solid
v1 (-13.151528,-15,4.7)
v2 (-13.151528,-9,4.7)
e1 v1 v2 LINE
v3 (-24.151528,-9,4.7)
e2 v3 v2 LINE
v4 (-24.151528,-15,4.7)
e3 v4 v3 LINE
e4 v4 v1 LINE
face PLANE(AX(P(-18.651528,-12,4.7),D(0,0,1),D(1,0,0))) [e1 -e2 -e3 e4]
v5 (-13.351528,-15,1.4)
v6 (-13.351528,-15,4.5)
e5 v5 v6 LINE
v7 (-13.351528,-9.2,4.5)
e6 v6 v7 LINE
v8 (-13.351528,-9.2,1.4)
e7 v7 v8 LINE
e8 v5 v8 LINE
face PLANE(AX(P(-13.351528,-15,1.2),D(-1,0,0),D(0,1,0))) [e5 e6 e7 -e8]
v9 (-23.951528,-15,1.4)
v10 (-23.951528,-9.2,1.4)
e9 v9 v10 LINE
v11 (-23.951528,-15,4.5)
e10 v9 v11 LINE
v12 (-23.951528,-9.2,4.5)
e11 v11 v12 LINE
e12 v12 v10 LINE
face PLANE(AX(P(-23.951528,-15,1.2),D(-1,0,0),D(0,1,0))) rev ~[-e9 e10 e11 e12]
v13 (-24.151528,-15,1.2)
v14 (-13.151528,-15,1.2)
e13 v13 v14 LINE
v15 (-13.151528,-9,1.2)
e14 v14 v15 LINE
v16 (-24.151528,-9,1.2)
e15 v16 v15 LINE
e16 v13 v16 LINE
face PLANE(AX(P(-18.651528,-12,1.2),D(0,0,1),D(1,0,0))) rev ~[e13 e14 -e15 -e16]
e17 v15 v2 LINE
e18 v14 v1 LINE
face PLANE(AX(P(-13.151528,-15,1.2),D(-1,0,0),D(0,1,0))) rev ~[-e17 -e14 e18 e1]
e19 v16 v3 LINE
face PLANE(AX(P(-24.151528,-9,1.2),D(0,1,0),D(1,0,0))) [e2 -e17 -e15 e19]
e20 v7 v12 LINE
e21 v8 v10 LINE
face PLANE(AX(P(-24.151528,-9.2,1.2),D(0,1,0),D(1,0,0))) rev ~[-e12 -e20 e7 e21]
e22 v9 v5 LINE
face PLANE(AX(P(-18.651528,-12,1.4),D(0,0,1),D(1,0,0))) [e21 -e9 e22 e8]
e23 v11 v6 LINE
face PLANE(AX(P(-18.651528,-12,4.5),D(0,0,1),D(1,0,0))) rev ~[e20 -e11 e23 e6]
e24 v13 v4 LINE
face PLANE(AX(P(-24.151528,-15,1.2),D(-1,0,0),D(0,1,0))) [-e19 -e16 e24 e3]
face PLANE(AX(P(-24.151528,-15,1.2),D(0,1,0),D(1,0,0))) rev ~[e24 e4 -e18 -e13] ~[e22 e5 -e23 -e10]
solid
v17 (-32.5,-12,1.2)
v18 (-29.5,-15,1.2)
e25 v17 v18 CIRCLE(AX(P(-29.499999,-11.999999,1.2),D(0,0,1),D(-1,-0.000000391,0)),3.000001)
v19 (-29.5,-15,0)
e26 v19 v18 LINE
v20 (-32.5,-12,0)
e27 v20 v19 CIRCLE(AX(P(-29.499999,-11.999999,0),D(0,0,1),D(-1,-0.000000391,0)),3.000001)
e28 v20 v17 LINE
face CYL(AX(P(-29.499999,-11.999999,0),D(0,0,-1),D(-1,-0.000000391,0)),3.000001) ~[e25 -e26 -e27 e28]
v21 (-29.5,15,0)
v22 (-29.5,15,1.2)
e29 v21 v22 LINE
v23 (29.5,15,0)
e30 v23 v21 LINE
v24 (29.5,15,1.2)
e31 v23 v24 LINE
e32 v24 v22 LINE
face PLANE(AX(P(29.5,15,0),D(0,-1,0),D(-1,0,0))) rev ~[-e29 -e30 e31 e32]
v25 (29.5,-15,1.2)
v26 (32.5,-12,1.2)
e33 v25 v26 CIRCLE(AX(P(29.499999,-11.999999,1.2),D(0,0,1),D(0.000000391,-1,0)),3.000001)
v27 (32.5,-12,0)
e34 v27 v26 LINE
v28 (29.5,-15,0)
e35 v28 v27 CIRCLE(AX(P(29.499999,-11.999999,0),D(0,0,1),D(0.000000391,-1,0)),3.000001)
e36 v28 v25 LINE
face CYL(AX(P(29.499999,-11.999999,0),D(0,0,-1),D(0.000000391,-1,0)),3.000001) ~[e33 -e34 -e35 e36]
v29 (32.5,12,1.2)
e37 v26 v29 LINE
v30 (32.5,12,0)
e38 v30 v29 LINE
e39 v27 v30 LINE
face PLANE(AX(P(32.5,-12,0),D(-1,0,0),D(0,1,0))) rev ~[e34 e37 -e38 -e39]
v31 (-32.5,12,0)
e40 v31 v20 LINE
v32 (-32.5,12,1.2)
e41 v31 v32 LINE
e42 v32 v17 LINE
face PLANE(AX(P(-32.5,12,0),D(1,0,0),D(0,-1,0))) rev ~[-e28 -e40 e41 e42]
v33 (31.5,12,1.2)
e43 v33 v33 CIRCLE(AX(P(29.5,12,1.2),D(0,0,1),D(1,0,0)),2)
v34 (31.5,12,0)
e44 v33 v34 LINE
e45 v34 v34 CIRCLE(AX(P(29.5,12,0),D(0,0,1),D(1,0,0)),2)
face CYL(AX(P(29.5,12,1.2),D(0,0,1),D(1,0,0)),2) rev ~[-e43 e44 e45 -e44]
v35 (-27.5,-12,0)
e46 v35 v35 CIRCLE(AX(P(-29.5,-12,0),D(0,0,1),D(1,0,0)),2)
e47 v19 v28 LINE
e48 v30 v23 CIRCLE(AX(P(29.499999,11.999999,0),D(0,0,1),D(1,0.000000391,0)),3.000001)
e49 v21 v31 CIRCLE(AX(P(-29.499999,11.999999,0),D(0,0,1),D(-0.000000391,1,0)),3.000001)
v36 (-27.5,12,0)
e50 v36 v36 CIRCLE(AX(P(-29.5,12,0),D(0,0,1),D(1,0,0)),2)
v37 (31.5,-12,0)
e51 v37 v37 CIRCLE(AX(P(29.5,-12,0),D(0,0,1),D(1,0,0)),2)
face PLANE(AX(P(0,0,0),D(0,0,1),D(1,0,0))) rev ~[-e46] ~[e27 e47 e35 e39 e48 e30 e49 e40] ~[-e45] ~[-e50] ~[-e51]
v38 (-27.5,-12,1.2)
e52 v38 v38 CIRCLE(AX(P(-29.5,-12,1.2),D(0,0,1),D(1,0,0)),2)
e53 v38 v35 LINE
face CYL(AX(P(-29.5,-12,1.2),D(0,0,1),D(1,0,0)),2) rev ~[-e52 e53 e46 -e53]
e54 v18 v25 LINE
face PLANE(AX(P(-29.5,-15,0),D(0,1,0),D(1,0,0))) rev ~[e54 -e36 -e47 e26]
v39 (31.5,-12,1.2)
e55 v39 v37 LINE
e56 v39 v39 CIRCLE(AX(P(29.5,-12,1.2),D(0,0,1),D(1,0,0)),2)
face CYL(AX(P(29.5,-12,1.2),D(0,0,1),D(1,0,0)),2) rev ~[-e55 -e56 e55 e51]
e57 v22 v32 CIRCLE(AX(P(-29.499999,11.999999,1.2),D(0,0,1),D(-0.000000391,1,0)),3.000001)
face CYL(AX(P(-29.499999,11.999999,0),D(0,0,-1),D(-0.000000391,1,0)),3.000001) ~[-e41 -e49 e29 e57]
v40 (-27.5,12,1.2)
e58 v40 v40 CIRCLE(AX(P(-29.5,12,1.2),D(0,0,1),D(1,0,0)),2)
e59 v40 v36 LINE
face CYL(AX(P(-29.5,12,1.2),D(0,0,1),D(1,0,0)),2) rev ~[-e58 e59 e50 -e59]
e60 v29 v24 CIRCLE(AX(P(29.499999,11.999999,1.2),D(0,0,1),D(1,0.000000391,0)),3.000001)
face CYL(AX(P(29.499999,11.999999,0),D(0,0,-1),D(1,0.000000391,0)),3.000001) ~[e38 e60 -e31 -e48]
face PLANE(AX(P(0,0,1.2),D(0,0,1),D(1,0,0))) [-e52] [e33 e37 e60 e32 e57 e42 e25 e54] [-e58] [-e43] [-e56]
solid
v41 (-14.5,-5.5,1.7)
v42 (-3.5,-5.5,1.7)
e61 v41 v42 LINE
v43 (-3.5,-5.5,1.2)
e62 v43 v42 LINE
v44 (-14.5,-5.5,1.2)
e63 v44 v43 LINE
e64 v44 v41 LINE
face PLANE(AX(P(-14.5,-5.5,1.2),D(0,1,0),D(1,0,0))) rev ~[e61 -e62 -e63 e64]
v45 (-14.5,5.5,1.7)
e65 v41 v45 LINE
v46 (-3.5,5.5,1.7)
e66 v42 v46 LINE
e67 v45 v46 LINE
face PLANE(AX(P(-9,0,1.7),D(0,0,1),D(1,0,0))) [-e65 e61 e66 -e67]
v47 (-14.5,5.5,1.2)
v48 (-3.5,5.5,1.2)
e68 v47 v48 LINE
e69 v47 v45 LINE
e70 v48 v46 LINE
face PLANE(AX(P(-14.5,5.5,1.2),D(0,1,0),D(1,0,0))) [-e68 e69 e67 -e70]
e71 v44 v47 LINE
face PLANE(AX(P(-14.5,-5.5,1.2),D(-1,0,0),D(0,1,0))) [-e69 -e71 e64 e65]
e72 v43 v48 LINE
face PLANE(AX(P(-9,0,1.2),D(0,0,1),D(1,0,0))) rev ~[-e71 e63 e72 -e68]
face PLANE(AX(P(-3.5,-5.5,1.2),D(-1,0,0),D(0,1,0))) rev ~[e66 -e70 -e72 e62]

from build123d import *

# Parameters (mm, degrees)
F1_DEPTH = 1.2
F2_R     = 2
F3_DEPTH = 2
F4_W     = 11
F4_H     = 11
F5_DEPTH = 0.5
F6_W     = 11
F6_H     = 6
F7_DEPTH = 3.5
F8_T     = -0.2


with BuildPart() as f1:
    # F0 (on Top) → F1 (new body)
    with BuildSketch(Plane.XY):
        with BuildLine():
            ThreePointArc((32.5, 12), (31.62132, 14.12132), (29.5, 15))
            Line((29.5, 15), (-29.5, 15))
            ThreePointArc((-29.5, 15), (-31.62132, 14.12132), (-32.5, 12))
            Line((-32.5, 12), (-32.5, -12))
            ThreePointArc((-32.5, -12), (-31.62132, -14.12132), (-29.5, -15))
            Line((-29.5, -15), (29.5, -15))
            ThreePointArc((29.5, -15), (31.62132, -14.12132), (32.5, -12))
            Line((32.5, -12), (32.5, 12))
        make_face()
    extrude(amount=F1_DEPTH)

    # F2 (on face) → F3 (cut)
    with BuildSketch(Plane.XY.offset(1.2)):
        with Locations((-29.5, 12)):
            Circle(F2_R)
        with Locations((29.5, 12)):
            Circle(F2_R)
        with Locations((-29.5, -12)):
            Circle(F2_R)
        with Locations((29.5, -12)):
            Circle(F2_R)
    extrude(amount=-F3_DEPTH, mode=Mode.SUBTRACT)


with BuildPart() as f5:
    # F4 (on face) → F5 (new body)
    with BuildSketch(Plane.XY.offset(1.2)):
        with Locations((-9, 0)):
            Rectangle(F4_W, F4_H)
    extrude(amount=F5_DEPTH)


with BuildPart() as f7:
    # F6 (on face) → F7 (new body)
    with BuildSketch(Plane.XY.offset(1.2)):
        with Locations((-18.651528, -12)):
            Rectangle(F6_W, F6_H)
    extrude(amount=F7_DEPTH)

    # F8
    f8_openings = [f7.faces().sort_by_distance(p)[0] for p in [
        (-18.651528, -15, 2.95),
    ]]
    offset(amount=F8_T, openings=f8_openings)


solid = Compound([f1.part, f5.part, f7.part])
